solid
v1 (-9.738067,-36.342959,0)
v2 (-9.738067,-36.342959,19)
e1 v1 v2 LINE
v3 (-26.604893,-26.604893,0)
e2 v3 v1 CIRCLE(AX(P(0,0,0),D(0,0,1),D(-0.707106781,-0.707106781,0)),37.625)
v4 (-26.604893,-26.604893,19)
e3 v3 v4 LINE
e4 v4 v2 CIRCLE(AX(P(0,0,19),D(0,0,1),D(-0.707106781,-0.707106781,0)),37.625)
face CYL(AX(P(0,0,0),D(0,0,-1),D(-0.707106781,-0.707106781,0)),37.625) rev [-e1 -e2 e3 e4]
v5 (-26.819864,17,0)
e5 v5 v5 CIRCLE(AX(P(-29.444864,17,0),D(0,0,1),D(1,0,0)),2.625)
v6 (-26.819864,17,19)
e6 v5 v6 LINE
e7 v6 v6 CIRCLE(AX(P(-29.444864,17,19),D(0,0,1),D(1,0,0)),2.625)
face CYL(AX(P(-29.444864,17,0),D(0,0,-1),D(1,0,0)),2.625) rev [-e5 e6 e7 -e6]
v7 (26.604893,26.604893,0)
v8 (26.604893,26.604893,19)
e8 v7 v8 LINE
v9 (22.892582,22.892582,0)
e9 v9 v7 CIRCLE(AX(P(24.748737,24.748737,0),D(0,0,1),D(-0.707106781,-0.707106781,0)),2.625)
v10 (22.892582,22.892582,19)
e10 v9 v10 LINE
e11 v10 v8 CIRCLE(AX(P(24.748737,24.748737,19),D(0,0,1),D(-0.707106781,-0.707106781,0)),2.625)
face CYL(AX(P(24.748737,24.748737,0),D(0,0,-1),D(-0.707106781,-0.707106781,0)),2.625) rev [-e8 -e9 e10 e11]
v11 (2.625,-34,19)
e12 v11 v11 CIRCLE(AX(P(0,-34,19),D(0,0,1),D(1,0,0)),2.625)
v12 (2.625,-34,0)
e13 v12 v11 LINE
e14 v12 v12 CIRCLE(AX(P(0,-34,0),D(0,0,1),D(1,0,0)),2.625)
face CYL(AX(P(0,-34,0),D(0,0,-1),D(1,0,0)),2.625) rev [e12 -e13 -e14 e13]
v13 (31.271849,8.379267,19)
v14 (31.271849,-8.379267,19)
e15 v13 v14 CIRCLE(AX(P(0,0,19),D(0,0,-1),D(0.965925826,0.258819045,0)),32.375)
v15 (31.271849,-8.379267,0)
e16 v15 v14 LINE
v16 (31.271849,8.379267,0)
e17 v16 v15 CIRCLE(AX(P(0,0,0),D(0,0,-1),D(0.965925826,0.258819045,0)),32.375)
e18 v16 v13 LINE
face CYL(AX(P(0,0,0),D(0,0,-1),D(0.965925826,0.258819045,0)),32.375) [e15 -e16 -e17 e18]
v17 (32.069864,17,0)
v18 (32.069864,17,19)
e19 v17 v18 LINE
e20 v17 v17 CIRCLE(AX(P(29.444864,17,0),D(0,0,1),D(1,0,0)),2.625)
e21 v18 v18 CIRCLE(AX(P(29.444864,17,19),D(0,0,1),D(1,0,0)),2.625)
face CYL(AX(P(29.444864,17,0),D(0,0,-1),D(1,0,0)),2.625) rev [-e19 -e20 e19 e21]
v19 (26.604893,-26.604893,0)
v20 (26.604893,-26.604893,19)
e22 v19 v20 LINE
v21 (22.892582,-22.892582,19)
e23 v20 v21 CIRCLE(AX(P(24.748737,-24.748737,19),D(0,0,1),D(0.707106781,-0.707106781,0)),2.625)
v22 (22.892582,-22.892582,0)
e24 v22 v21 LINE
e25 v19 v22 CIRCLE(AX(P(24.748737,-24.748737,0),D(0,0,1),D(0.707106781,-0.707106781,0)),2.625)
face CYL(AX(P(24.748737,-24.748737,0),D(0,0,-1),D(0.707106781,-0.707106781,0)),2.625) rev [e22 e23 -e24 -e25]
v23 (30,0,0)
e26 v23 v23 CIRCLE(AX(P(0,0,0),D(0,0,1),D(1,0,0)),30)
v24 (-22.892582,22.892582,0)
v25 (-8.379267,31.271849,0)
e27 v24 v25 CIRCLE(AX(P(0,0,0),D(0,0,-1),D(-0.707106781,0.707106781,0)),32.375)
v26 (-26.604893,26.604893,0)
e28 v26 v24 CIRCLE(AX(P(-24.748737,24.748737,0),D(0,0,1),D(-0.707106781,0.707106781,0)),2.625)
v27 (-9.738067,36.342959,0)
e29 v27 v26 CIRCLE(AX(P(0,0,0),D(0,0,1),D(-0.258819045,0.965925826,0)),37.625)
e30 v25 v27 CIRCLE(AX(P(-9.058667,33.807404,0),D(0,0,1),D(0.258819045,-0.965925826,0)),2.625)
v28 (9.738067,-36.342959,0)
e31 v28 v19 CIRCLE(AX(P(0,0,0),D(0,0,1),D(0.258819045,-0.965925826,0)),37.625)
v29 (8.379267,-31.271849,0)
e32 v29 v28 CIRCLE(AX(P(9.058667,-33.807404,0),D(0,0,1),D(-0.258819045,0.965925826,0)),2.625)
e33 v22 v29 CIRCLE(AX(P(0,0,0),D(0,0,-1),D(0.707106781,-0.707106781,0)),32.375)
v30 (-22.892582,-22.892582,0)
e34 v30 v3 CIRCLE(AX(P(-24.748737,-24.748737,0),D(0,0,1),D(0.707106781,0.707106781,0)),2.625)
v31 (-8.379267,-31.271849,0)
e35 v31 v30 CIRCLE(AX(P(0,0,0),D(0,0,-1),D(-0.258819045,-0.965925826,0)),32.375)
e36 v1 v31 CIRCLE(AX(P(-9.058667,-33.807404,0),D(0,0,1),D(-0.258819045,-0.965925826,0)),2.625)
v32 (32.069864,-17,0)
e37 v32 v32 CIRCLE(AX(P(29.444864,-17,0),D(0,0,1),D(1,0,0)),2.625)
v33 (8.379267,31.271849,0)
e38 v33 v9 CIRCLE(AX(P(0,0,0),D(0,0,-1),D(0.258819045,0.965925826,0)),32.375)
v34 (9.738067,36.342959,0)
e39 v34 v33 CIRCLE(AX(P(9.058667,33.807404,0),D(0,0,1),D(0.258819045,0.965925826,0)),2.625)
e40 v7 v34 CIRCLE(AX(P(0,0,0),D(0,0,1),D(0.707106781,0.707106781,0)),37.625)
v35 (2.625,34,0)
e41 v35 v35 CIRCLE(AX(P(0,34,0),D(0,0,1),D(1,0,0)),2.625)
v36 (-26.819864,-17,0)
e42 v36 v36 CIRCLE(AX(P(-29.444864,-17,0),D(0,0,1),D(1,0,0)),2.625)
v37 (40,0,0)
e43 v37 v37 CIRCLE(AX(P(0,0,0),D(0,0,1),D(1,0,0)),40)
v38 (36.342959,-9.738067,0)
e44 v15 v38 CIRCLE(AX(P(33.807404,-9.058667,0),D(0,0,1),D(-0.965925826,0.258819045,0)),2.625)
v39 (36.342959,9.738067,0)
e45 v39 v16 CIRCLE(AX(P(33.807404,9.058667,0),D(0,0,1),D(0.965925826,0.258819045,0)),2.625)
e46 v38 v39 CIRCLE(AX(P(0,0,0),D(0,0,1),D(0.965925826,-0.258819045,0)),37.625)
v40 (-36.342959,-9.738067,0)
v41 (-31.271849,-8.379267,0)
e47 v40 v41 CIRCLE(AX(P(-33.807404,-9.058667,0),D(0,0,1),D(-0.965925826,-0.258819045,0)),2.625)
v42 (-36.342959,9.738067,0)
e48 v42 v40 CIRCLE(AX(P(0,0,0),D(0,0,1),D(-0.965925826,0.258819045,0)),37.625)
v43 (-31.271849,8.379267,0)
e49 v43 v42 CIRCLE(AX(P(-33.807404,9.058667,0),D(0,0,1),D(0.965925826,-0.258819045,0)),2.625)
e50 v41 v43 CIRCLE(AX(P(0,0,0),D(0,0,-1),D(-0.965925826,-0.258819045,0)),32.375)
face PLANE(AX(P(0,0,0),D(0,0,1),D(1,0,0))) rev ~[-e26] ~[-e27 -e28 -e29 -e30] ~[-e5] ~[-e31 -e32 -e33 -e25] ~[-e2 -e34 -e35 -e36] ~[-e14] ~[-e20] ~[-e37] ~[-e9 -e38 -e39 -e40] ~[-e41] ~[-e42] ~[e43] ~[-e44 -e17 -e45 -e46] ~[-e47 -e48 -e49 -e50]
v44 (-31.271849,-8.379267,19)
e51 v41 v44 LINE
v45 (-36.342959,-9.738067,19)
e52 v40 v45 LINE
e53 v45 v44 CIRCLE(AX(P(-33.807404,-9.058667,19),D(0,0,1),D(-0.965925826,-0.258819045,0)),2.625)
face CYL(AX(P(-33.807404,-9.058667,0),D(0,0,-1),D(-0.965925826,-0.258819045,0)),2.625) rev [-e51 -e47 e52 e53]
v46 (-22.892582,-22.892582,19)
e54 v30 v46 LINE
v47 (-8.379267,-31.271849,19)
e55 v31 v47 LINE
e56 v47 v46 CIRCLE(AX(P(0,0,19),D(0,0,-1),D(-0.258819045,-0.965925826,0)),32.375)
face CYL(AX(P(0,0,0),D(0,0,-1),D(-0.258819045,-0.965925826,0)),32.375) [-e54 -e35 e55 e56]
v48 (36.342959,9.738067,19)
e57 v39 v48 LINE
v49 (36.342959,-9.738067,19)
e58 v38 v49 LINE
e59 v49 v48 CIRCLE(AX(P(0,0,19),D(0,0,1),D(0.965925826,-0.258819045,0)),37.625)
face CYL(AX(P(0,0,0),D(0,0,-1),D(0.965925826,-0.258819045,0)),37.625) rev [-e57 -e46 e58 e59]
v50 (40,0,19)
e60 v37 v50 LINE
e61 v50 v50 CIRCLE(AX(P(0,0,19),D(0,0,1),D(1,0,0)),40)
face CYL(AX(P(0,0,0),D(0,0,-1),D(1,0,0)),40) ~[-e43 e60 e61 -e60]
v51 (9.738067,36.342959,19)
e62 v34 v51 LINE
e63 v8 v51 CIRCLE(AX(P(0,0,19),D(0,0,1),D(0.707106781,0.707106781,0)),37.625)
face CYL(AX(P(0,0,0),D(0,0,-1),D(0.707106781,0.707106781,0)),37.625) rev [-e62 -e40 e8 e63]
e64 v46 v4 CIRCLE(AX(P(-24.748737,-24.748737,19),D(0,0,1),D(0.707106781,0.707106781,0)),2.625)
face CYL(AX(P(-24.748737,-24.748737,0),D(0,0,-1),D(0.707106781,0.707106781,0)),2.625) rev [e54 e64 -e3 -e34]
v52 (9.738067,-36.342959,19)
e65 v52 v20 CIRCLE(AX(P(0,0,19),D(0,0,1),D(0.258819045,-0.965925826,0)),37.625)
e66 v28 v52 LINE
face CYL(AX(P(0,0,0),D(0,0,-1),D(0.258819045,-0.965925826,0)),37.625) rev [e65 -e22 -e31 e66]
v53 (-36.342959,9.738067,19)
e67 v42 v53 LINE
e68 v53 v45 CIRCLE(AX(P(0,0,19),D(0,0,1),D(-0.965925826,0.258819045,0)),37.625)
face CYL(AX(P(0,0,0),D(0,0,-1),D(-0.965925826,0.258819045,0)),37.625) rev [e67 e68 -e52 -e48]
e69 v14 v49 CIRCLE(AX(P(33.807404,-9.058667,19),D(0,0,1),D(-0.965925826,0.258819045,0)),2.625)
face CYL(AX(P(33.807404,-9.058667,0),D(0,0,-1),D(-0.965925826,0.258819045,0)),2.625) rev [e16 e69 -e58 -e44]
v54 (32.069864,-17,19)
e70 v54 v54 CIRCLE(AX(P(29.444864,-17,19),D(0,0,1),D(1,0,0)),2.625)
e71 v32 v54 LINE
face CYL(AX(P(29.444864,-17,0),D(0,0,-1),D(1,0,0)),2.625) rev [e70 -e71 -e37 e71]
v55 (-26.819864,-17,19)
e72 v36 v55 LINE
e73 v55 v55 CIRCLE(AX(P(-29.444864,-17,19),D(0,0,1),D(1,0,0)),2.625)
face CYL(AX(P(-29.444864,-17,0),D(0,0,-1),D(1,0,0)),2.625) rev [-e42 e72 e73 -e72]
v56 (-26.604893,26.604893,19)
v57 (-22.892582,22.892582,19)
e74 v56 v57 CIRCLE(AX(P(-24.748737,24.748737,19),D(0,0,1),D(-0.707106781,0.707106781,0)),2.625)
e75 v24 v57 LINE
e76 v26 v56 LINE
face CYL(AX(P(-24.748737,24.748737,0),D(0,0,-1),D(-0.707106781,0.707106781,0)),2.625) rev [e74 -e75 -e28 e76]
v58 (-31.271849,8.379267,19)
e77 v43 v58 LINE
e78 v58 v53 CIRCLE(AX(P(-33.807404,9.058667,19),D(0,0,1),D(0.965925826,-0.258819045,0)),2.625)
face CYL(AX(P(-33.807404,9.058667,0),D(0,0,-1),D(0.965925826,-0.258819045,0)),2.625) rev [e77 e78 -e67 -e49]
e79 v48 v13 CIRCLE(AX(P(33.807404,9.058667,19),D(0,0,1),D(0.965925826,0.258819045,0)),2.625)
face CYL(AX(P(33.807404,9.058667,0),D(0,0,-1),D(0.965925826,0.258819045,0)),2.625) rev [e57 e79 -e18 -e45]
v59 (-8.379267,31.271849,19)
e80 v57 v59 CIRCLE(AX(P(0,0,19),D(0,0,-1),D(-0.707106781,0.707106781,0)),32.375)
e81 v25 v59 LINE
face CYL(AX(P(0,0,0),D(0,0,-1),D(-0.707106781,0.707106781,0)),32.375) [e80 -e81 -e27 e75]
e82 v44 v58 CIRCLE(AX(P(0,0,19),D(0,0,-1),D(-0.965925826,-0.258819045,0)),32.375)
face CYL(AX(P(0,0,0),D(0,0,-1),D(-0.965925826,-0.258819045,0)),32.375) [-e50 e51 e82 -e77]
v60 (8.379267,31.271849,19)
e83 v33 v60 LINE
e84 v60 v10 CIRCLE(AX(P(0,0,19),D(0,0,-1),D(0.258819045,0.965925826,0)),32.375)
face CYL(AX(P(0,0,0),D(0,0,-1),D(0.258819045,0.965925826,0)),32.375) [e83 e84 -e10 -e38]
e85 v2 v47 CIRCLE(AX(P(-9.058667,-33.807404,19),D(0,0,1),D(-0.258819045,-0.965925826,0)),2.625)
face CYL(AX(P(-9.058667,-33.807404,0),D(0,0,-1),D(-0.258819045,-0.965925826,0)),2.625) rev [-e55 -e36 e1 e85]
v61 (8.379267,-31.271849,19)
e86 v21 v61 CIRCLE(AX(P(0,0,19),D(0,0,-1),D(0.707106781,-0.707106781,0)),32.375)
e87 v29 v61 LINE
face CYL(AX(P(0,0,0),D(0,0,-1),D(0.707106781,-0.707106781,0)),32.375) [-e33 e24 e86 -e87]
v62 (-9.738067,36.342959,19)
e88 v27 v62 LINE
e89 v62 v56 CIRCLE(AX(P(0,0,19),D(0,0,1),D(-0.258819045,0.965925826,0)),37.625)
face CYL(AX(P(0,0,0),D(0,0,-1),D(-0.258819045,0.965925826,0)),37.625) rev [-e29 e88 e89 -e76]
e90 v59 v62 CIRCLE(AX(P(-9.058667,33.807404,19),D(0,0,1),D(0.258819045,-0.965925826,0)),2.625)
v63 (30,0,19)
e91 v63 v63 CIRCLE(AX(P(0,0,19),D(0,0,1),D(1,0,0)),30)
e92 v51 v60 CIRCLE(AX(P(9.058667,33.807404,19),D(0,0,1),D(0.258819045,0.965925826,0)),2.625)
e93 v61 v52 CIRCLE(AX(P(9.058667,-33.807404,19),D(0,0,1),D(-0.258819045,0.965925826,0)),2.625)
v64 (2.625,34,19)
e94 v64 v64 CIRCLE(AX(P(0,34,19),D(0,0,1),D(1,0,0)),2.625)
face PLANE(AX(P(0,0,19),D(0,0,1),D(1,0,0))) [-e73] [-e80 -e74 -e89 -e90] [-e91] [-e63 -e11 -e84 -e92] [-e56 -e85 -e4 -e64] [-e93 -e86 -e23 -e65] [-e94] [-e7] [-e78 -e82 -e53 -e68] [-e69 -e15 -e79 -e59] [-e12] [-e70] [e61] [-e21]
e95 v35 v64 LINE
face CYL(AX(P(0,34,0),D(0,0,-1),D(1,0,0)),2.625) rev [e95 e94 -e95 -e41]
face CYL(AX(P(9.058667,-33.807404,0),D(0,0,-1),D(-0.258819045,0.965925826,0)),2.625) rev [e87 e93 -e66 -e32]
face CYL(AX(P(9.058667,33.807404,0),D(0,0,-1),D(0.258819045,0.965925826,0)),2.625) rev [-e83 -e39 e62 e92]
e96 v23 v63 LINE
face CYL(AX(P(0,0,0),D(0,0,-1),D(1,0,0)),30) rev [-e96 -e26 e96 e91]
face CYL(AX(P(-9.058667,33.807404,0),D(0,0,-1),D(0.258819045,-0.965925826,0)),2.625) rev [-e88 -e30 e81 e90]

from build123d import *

# Parameters (mm, degrees)
SKETCH1_R           = 40
SKETCH1_R_2         = 30
SKETCH1_R_3         = 2.625
BOSS_EXTRUDE1_DEPTH = 19


with BuildPart() as part:
    # Sketch1 → Boss-Extrude1 (new body)
    with BuildSketch(Plane.XY):
        Circle(SKETCH1_R)
        Circle(SKETCH1_R_2, mode=Mode.SUBTRACT)
        with Locations((0, 34)):
            Circle(SKETCH1_R_3, mode=Mode.SUBTRACT)
        with Locations((29.444863729, 17)):
            Circle(SKETCH1_R_3, mode=Mode.SUBTRACT)
        with Locations((29.444863729, -17)):
            Circle(SKETCH1_R_3, mode=Mode.SUBTRACT)
        with Locations((0, -34)):
            Circle(SKETCH1_R_3, mode=Mode.SUBTRACT)
        with Locations((-29.444863729, -17)):
            Circle(SKETCH1_R_3, mode=Mode.SUBTRACT)
        with Locations((-29.444863729, 17)):
            Circle(SKETCH1_R_3, mode=Mode.SUBTRACT)
        with BuildLine():
            ThreePointArc((-9.738066572, 36.342959214), (-18.8125, 32.584205817), (-26.604892642, 26.604892642))
            ThreePointArc((-26.604892642, 26.604892642), (-26.604892642, 22.892582041), (-22.892582041, 22.892582041))
            ThreePointArc((-22.892582041, 22.892582041), (-16.1875, 28.037572448), (-8.379266585, 31.271848626))
            ThreePointArc((-8.379266585, 31.271848626), (-6.523111285, 34.486803914), (-9.738066572, 36.342959214))
        make_face(mode=Mode.SUBTRACT)
        with BuildLine():
            ThreePointArc((26.604892642, 26.604892642), (18.8125, 32.584205817), (9.738066572, 36.342959214))
            ThreePointArc((9.738066572, 36.342959214), (6.523111285, 34.486803914), (8.379266585, 31.271848626))
            ThreePointArc((8.379266585, 31.271848626), (16.1875, 28.037572448), (22.892582041, 22.892582041))
            ThreePointArc((22.892582041, 22.892582041), (26.604892642, 22.892582041), (26.604892642, 26.604892642))
        make_face(mode=Mode.SUBTRACT)
        with BuildLine():
            ThreePointArc((36.342959214, -9.738066572), (37.625, 0), (36.342959214, 9.738066572))
            ThreePointArc((36.342959214, 9.738066572), (33.128003927, 11.594221873), (31.271848626, 8.379266585))
            ThreePointArc((31.271848626, 8.379266585), (32.375, 0), (31.271848626, -8.379266585))
            ThreePointArc((31.271848626, -8.379266585), (33.128003927, -11.594221873), (36.342959214, -9.738066572))
        make_face(mode=Mode.SUBTRACT)
        with BuildLine():
            ThreePointArc((9.738066572, -36.342959214), (18.8125, -32.584205817), (26.604892642, -26.604892642))
            ThreePointArc((26.604892642, -26.604892642), (26.604892642, -22.892582041), (22.892582041, -22.892582041))
            ThreePointArc((22.892582041, -22.892582041), (16.1875, -28.037572448), (8.379266585, -31.271848626))
            ThreePointArc((8.379266585, -31.271848626), (6.523111285, -34.486803914), (9.738066572, -36.342959214))
        make_face(mode=Mode.SUBTRACT)
        with BuildLine():
            ThreePointArc((-26.604892642, -26.604892642), (-18.8125, -32.584205817), (-9.738066572, -36.342959214))
            ThreePointArc((-9.738066572, -36.342959214), (-6.523111285, -34.486803914), (-8.379266585, -31.271848626))
            ThreePointArc((-8.379266585, -31.271848626), (-16.1875, -28.037572448), (-22.892582041, -22.892582041))
            ThreePointArc((-22.892582041, -22.892582041), (-26.604892642, -22.892582041), (-26.604892642, -26.604892642))
        make_face(mode=Mode.SUBTRACT)
        with BuildLine():
            ThreePointArc((-36.342959214, 9.738066572), (-37.625, 0), (-36.342959214, -9.738066572))
            ThreePointArc((-36.342959214, -9.738066572), (-33.128003927, -11.594221873), (-31.271848626, -8.379266585))
            ThreePointArc((-31.271848626, -8.379266585), (-32.375, 0), (-31.271848626, 8.379266585))
            ThreePointArc((-31.271848626, 8.379266585), (-33.128003927, 11.594221873), (-36.342959214, 9.738066572))
        make_face(mode=Mode.SUBTRACT)
    extrude(amount=BOSS_EXTRUDE1_DEPTH)


solid = part.part
